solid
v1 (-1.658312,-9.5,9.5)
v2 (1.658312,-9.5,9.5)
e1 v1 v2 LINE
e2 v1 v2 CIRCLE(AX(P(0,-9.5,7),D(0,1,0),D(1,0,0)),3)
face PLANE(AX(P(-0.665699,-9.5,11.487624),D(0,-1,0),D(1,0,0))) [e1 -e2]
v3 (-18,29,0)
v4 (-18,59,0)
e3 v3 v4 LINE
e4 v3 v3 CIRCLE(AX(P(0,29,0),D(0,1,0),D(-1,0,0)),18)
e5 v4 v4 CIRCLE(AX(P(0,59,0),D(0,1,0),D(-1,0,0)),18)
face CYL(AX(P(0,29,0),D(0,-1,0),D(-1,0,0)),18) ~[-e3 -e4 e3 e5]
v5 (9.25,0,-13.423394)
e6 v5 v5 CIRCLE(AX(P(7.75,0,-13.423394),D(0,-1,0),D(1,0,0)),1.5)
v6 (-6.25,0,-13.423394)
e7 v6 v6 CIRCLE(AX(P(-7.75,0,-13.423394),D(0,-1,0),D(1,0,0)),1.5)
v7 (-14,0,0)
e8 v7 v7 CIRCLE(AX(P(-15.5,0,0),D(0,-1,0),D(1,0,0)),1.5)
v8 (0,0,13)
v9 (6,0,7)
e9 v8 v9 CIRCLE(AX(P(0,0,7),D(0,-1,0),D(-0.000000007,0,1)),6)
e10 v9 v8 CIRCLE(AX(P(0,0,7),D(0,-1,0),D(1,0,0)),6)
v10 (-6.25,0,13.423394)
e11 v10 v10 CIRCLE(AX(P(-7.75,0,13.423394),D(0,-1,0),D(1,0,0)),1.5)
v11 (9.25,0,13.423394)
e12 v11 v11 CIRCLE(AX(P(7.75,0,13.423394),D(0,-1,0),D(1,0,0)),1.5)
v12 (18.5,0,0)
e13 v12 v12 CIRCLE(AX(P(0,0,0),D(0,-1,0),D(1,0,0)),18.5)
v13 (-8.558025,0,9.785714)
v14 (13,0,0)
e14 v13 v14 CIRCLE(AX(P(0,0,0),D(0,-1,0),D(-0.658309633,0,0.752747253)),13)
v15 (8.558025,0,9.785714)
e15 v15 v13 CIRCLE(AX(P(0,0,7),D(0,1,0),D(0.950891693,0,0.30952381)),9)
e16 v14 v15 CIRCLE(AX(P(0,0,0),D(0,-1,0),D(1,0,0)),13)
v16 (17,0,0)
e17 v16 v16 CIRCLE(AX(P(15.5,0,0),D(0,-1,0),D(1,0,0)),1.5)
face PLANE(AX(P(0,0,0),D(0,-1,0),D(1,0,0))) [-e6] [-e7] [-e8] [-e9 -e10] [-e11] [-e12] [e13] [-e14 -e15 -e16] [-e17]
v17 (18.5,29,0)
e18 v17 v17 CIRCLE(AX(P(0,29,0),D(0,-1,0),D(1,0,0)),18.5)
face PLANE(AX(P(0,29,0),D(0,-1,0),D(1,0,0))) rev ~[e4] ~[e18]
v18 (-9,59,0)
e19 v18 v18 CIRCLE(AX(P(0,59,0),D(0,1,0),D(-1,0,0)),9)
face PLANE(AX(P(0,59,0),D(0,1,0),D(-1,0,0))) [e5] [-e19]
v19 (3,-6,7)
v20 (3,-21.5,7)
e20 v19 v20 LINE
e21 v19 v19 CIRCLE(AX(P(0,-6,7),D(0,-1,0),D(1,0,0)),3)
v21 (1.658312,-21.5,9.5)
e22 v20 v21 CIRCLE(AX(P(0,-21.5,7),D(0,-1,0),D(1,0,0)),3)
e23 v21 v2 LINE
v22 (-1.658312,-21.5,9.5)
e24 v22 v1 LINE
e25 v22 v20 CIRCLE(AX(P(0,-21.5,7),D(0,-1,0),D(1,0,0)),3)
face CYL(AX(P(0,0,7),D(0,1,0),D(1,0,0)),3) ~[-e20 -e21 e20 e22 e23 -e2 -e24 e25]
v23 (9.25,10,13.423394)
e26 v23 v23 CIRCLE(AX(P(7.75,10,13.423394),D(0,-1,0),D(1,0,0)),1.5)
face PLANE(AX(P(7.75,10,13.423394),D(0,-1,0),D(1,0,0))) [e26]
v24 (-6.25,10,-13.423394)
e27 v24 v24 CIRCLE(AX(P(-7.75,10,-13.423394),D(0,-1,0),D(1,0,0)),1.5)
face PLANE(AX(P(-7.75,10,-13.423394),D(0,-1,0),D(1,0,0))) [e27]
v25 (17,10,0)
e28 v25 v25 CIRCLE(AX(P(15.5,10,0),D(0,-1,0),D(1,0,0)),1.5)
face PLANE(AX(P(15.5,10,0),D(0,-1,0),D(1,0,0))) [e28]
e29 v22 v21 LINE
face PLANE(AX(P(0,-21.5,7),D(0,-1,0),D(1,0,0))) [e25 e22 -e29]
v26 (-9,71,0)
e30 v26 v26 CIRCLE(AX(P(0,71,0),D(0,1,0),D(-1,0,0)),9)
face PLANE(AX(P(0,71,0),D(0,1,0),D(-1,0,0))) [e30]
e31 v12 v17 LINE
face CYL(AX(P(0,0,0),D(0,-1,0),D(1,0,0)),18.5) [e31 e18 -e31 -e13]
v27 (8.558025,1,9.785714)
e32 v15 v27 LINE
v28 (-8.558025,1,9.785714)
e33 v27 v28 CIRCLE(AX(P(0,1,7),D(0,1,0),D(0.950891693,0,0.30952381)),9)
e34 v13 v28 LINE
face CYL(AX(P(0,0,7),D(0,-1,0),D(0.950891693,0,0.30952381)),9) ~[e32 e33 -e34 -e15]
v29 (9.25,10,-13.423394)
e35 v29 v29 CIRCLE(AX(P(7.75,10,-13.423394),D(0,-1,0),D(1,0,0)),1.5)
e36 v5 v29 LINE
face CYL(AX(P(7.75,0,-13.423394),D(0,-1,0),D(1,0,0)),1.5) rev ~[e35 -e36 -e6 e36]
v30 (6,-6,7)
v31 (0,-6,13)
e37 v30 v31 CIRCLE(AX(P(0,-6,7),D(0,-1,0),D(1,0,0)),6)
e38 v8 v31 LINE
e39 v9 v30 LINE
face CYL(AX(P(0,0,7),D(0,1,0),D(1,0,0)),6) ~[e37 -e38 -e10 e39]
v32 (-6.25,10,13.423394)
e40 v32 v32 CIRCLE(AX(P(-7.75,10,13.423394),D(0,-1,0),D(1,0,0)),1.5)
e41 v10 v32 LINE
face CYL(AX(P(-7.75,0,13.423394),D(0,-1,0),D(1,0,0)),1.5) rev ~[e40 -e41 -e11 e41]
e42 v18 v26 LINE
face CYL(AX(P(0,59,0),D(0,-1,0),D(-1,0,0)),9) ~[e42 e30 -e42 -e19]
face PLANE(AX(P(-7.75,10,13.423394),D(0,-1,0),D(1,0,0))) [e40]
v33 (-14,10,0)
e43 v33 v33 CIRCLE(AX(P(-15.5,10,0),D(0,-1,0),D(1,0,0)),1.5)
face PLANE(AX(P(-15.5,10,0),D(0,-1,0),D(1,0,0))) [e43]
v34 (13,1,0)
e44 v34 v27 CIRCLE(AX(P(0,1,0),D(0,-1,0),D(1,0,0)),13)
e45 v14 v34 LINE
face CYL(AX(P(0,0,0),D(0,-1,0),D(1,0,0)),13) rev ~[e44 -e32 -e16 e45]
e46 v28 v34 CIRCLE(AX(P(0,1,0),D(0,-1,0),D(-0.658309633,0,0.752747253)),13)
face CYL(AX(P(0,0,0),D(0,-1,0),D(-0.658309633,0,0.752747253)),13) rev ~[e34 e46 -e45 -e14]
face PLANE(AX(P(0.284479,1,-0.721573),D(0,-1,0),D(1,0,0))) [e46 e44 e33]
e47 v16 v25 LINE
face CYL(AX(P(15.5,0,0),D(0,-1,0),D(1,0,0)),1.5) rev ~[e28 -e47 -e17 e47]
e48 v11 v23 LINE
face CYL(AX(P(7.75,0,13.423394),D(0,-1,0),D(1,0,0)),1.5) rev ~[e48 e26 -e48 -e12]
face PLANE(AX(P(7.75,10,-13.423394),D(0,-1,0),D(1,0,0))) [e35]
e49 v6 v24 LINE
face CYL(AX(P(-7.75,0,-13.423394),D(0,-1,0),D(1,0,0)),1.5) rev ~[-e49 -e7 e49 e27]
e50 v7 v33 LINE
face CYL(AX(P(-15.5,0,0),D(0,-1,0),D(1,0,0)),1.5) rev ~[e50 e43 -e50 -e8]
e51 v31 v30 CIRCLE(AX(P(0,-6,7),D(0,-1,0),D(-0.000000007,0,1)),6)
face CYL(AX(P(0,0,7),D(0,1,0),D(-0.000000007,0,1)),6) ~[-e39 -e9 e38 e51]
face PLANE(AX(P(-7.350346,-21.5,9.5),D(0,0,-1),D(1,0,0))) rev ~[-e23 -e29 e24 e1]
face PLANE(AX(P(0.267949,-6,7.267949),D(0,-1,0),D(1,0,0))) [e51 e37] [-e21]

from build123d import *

# Parameters (mm, degrees)
F0_R      = 18.5
F0_R_2    = 18
F0_R_3    = 1.5
F0_R_4    = 3
F1_DEPTH  = 29
F2_R      = 18
F3_DEPTH  = 30
F4_R      = 9
F5_DEPTH  = 12
F6_DEPTH  = 6
F7_DEPTH  = 21.5
F8_DEPTH  = 10
F10_DEPTH = 12
F11_DEPTH = 1


with BuildPart() as f1:
    # F0 (on Front) → F1 (new body)
    with BuildSketch(Plane.XZ):
        Circle(F0_R)
        Circle(F0_R_2, mode=Mode.SUBTRACT)
        Circle(F0_R_2)
        with Locations((-7.75, -13.4233937587)):
            Circle(F0_R_3, mode=Mode.SUBTRACT)
        with Locations((7.75, -13.4233937587)):
            Circle(F0_R_3, mode=Mode.SUBTRACT)
        with Locations((-15.5, 0)):
            Circle(F0_R_3, mode=Mode.SUBTRACT)
        with Locations((-7.75, 13.4233937587)):
            Circle(F0_R_3, mode=Mode.SUBTRACT)
        with BuildLine():
            ThreePointArc((-8.5580252347, 9.7857142857), (-4.5708705218, 12.1699278007), (-4.3e-08, 13))
            ThreePointArc((-4.3e-08, 13), (4.5708704815, 12.1699278158), (8.5580252347, 9.7857142857))
            ThreePointArc((8.5580252347, 9.7857142857), (11.8375320074, 5.3733449521), (13, 0))
            ThreePointArc((13, 0), (-5.3733449521, -11.8375320074), (-8.5580252347, 9.7857142857))
        make_face(mode=Mode.SUBTRACT)
        with Locations((15.5, 0)):
            Circle(F0_R_3, mode=Mode.SUBTRACT)
        with Locations((7.75, 13.4233937587)):
            Circle(F0_R_3, mode=Mode.SUBTRACT)
        with BuildLine():
            ThreePointArc((13, 0), (11.8375320074, 5.3733449521), (8.5580252347, 9.7857142857))
            ThreePointArc((8.5580252347, 9.7857142857), (0, -2), (-8.5580252347, 9.7857142857))
            ThreePointArc((-8.5580252347, 9.7857142857), (-5.3733449521, -11.8375320074), (13, 0))
        make_face()
        with BuildLine():
            ThreePointArc((8.5580252347, 9.7857142857), (4.5708704815, 12.1699278158), (-4.3e-08, 13))
            ThreePointArc((-4.3e-08, 13), (-4.5708705218, 12.1699278007), (-8.5580252347, 9.7857142857))
            ThreePointArc((-8.5580252347, 9.7857142857), (0, -2), (8.5580252347, 9.7857142857))
        make_face()
        with BuildLine():
            ThreePointArc((-4.3e-08, 13), (4.2426406719, 11.2426407023), (6, 7))
            ThreePointArc((6, 7), (-4.2426406719, 2.7573592977), (-4.3e-08, 13))
        make_face(mode=Mode.SUBTRACT)
        with BuildLine():
            ThreePointArc((-4.3e-08, 13), (-4.2426406719, 2.7573592977), (6, 7))
            ThreePointArc((6, 7), (4.2426406719, 11.2426407023), (-4.3e-08, 13))
        make_face()
        with Locations((0, 7)):
            Circle(F0_R_4, mode=Mode.SUBTRACT)
        with Locations((0, 7)):
            Circle(F0_R_4)
        with Locations((-15.5, 0)):
            Circle(F0_R_3)
        with Locations((7.75, -13.4233937587)):
            Circle(F0_R_3)
        with Locations((15.5, 0)):
            Circle(F0_R_3)
        with Locations((7.75, 13.4233937587)):
            Circle(F0_R_3)
        with Locations((-7.75, -13.4233937587)):
            Circle(F0_R_3)
        with Locations((-7.75, 13.4233937587)):
            Circle(F0_R_3)
    extrude(amount=-F1_DEPTH)

    # F2 (on face) → F3 (join)
    with BuildSketch(Plane(origin=(0, 29, 0), x_dir=(-1, 0, 0), z_dir=(0, 1, 0))):
        Circle(F2_R)
    extrude(amount=F3_DEPTH)

    # F4 (on face) → F5 (join)
    with BuildSketch(Plane(origin=(0, 59, 0), x_dir=(-1, 0, 0), z_dir=(0, 1, 0))):
        Circle(F4_R)
    extrude(amount=F5_DEPTH)

    # F0 (on Front) → F6 (join)
    with BuildSketch(Plane.XZ):
        with BuildLine():
            ThreePointArc((-4.3e-08, 13), (-4.2426406719, 2.7573592977), (6, 7))
            ThreePointArc((6, 7), (4.2426406719, 11.2426407023), (-4.3e-08, 13))
        make_face()
        with Locations((0, 7)):
            Circle(F0_R_4, mode=Mode.SUBTRACT)
    extrude(amount=F6_DEPTH)

    # F0 (on Front) → F7 (join)
    with BuildSketch(Plane.XZ):
        with Locations((0, 7)):
            Circle(F0_R_4)
    extrude(amount=F7_DEPTH)

    # F0 (on Front) → F8 (cut)
    with BuildSketch(Plane.XZ):
        with Locations((-7.75, 13.4233937587)):
            Circle(F0_R_3)
        with Locations((7.75, 13.4233937587)):
            Circle(F0_R_3)
        with Locations((15.5, 0)):
            Circle(F0_R_3)
        with Locations((-7.75, -13.4233937587)):
            Circle(F0_R_3)
        with Locations((-15.5, 0)):
            Circle(F0_R_3)
        with Locations((7.75, -13.4233937587)):
            Circle(F0_R_3)
    extrude(amount=-F8_DEPTH, mode=Mode.SUBTRACT)

    # F9 (on face) → F10 (cut)
    with BuildSketch(Plane.XZ.offset(21.5)):
        with BuildLine():
            ThreePointArc((-1.6583123952, 9.5), (0, 10), (1.6583123952, 9.5))
            Line((1.6583123952, 9.5), (6.0122050345, 9.5))
            Line((6.0122050345, 9.5), (6.0122050345, 13.4357631467))
            Line((6.0122050345, 13.4357631467), (-7.3503456078, 13.4357631467))
            Line((-7.3503456078, 13.4357631467), (-7.3503456078, 9.5))
            Line((-7.3503456078, 9.5), (-1.6583123952, 9.5))
        make_face()
        with BuildLine():
            Line((-1.6583123952, 9.5), (1.6583123952, 9.5))
            ThreePointArc((1.6583123952, 9.5), (0, 10), (-1.6583123952, 9.5))
        make_face()
    extrude(amount=-F10_DEPTH, mode=Mode.SUBTRACT)

    # F0 (on Front) → F11 (cut)
    with BuildSketch(Plane.XZ):
        with BuildLine():
            ThreePointArc((13, 0), (11.8375320074, 5.3733449521), (8.5580252347, 9.7857142857))
            ThreePointArc((8.5580252347, 9.7857142857), (0, -2), (-8.5580252347, 9.7857142857))
            ThreePointArc((-8.5580252347, 9.7857142857), (-5.3733449521, -11.8375320074), (13, 0))
        make_face()
    extrude(amount=-F11_DEPTH, mode=Mode.SUBTRACT)


solid = f1.part
